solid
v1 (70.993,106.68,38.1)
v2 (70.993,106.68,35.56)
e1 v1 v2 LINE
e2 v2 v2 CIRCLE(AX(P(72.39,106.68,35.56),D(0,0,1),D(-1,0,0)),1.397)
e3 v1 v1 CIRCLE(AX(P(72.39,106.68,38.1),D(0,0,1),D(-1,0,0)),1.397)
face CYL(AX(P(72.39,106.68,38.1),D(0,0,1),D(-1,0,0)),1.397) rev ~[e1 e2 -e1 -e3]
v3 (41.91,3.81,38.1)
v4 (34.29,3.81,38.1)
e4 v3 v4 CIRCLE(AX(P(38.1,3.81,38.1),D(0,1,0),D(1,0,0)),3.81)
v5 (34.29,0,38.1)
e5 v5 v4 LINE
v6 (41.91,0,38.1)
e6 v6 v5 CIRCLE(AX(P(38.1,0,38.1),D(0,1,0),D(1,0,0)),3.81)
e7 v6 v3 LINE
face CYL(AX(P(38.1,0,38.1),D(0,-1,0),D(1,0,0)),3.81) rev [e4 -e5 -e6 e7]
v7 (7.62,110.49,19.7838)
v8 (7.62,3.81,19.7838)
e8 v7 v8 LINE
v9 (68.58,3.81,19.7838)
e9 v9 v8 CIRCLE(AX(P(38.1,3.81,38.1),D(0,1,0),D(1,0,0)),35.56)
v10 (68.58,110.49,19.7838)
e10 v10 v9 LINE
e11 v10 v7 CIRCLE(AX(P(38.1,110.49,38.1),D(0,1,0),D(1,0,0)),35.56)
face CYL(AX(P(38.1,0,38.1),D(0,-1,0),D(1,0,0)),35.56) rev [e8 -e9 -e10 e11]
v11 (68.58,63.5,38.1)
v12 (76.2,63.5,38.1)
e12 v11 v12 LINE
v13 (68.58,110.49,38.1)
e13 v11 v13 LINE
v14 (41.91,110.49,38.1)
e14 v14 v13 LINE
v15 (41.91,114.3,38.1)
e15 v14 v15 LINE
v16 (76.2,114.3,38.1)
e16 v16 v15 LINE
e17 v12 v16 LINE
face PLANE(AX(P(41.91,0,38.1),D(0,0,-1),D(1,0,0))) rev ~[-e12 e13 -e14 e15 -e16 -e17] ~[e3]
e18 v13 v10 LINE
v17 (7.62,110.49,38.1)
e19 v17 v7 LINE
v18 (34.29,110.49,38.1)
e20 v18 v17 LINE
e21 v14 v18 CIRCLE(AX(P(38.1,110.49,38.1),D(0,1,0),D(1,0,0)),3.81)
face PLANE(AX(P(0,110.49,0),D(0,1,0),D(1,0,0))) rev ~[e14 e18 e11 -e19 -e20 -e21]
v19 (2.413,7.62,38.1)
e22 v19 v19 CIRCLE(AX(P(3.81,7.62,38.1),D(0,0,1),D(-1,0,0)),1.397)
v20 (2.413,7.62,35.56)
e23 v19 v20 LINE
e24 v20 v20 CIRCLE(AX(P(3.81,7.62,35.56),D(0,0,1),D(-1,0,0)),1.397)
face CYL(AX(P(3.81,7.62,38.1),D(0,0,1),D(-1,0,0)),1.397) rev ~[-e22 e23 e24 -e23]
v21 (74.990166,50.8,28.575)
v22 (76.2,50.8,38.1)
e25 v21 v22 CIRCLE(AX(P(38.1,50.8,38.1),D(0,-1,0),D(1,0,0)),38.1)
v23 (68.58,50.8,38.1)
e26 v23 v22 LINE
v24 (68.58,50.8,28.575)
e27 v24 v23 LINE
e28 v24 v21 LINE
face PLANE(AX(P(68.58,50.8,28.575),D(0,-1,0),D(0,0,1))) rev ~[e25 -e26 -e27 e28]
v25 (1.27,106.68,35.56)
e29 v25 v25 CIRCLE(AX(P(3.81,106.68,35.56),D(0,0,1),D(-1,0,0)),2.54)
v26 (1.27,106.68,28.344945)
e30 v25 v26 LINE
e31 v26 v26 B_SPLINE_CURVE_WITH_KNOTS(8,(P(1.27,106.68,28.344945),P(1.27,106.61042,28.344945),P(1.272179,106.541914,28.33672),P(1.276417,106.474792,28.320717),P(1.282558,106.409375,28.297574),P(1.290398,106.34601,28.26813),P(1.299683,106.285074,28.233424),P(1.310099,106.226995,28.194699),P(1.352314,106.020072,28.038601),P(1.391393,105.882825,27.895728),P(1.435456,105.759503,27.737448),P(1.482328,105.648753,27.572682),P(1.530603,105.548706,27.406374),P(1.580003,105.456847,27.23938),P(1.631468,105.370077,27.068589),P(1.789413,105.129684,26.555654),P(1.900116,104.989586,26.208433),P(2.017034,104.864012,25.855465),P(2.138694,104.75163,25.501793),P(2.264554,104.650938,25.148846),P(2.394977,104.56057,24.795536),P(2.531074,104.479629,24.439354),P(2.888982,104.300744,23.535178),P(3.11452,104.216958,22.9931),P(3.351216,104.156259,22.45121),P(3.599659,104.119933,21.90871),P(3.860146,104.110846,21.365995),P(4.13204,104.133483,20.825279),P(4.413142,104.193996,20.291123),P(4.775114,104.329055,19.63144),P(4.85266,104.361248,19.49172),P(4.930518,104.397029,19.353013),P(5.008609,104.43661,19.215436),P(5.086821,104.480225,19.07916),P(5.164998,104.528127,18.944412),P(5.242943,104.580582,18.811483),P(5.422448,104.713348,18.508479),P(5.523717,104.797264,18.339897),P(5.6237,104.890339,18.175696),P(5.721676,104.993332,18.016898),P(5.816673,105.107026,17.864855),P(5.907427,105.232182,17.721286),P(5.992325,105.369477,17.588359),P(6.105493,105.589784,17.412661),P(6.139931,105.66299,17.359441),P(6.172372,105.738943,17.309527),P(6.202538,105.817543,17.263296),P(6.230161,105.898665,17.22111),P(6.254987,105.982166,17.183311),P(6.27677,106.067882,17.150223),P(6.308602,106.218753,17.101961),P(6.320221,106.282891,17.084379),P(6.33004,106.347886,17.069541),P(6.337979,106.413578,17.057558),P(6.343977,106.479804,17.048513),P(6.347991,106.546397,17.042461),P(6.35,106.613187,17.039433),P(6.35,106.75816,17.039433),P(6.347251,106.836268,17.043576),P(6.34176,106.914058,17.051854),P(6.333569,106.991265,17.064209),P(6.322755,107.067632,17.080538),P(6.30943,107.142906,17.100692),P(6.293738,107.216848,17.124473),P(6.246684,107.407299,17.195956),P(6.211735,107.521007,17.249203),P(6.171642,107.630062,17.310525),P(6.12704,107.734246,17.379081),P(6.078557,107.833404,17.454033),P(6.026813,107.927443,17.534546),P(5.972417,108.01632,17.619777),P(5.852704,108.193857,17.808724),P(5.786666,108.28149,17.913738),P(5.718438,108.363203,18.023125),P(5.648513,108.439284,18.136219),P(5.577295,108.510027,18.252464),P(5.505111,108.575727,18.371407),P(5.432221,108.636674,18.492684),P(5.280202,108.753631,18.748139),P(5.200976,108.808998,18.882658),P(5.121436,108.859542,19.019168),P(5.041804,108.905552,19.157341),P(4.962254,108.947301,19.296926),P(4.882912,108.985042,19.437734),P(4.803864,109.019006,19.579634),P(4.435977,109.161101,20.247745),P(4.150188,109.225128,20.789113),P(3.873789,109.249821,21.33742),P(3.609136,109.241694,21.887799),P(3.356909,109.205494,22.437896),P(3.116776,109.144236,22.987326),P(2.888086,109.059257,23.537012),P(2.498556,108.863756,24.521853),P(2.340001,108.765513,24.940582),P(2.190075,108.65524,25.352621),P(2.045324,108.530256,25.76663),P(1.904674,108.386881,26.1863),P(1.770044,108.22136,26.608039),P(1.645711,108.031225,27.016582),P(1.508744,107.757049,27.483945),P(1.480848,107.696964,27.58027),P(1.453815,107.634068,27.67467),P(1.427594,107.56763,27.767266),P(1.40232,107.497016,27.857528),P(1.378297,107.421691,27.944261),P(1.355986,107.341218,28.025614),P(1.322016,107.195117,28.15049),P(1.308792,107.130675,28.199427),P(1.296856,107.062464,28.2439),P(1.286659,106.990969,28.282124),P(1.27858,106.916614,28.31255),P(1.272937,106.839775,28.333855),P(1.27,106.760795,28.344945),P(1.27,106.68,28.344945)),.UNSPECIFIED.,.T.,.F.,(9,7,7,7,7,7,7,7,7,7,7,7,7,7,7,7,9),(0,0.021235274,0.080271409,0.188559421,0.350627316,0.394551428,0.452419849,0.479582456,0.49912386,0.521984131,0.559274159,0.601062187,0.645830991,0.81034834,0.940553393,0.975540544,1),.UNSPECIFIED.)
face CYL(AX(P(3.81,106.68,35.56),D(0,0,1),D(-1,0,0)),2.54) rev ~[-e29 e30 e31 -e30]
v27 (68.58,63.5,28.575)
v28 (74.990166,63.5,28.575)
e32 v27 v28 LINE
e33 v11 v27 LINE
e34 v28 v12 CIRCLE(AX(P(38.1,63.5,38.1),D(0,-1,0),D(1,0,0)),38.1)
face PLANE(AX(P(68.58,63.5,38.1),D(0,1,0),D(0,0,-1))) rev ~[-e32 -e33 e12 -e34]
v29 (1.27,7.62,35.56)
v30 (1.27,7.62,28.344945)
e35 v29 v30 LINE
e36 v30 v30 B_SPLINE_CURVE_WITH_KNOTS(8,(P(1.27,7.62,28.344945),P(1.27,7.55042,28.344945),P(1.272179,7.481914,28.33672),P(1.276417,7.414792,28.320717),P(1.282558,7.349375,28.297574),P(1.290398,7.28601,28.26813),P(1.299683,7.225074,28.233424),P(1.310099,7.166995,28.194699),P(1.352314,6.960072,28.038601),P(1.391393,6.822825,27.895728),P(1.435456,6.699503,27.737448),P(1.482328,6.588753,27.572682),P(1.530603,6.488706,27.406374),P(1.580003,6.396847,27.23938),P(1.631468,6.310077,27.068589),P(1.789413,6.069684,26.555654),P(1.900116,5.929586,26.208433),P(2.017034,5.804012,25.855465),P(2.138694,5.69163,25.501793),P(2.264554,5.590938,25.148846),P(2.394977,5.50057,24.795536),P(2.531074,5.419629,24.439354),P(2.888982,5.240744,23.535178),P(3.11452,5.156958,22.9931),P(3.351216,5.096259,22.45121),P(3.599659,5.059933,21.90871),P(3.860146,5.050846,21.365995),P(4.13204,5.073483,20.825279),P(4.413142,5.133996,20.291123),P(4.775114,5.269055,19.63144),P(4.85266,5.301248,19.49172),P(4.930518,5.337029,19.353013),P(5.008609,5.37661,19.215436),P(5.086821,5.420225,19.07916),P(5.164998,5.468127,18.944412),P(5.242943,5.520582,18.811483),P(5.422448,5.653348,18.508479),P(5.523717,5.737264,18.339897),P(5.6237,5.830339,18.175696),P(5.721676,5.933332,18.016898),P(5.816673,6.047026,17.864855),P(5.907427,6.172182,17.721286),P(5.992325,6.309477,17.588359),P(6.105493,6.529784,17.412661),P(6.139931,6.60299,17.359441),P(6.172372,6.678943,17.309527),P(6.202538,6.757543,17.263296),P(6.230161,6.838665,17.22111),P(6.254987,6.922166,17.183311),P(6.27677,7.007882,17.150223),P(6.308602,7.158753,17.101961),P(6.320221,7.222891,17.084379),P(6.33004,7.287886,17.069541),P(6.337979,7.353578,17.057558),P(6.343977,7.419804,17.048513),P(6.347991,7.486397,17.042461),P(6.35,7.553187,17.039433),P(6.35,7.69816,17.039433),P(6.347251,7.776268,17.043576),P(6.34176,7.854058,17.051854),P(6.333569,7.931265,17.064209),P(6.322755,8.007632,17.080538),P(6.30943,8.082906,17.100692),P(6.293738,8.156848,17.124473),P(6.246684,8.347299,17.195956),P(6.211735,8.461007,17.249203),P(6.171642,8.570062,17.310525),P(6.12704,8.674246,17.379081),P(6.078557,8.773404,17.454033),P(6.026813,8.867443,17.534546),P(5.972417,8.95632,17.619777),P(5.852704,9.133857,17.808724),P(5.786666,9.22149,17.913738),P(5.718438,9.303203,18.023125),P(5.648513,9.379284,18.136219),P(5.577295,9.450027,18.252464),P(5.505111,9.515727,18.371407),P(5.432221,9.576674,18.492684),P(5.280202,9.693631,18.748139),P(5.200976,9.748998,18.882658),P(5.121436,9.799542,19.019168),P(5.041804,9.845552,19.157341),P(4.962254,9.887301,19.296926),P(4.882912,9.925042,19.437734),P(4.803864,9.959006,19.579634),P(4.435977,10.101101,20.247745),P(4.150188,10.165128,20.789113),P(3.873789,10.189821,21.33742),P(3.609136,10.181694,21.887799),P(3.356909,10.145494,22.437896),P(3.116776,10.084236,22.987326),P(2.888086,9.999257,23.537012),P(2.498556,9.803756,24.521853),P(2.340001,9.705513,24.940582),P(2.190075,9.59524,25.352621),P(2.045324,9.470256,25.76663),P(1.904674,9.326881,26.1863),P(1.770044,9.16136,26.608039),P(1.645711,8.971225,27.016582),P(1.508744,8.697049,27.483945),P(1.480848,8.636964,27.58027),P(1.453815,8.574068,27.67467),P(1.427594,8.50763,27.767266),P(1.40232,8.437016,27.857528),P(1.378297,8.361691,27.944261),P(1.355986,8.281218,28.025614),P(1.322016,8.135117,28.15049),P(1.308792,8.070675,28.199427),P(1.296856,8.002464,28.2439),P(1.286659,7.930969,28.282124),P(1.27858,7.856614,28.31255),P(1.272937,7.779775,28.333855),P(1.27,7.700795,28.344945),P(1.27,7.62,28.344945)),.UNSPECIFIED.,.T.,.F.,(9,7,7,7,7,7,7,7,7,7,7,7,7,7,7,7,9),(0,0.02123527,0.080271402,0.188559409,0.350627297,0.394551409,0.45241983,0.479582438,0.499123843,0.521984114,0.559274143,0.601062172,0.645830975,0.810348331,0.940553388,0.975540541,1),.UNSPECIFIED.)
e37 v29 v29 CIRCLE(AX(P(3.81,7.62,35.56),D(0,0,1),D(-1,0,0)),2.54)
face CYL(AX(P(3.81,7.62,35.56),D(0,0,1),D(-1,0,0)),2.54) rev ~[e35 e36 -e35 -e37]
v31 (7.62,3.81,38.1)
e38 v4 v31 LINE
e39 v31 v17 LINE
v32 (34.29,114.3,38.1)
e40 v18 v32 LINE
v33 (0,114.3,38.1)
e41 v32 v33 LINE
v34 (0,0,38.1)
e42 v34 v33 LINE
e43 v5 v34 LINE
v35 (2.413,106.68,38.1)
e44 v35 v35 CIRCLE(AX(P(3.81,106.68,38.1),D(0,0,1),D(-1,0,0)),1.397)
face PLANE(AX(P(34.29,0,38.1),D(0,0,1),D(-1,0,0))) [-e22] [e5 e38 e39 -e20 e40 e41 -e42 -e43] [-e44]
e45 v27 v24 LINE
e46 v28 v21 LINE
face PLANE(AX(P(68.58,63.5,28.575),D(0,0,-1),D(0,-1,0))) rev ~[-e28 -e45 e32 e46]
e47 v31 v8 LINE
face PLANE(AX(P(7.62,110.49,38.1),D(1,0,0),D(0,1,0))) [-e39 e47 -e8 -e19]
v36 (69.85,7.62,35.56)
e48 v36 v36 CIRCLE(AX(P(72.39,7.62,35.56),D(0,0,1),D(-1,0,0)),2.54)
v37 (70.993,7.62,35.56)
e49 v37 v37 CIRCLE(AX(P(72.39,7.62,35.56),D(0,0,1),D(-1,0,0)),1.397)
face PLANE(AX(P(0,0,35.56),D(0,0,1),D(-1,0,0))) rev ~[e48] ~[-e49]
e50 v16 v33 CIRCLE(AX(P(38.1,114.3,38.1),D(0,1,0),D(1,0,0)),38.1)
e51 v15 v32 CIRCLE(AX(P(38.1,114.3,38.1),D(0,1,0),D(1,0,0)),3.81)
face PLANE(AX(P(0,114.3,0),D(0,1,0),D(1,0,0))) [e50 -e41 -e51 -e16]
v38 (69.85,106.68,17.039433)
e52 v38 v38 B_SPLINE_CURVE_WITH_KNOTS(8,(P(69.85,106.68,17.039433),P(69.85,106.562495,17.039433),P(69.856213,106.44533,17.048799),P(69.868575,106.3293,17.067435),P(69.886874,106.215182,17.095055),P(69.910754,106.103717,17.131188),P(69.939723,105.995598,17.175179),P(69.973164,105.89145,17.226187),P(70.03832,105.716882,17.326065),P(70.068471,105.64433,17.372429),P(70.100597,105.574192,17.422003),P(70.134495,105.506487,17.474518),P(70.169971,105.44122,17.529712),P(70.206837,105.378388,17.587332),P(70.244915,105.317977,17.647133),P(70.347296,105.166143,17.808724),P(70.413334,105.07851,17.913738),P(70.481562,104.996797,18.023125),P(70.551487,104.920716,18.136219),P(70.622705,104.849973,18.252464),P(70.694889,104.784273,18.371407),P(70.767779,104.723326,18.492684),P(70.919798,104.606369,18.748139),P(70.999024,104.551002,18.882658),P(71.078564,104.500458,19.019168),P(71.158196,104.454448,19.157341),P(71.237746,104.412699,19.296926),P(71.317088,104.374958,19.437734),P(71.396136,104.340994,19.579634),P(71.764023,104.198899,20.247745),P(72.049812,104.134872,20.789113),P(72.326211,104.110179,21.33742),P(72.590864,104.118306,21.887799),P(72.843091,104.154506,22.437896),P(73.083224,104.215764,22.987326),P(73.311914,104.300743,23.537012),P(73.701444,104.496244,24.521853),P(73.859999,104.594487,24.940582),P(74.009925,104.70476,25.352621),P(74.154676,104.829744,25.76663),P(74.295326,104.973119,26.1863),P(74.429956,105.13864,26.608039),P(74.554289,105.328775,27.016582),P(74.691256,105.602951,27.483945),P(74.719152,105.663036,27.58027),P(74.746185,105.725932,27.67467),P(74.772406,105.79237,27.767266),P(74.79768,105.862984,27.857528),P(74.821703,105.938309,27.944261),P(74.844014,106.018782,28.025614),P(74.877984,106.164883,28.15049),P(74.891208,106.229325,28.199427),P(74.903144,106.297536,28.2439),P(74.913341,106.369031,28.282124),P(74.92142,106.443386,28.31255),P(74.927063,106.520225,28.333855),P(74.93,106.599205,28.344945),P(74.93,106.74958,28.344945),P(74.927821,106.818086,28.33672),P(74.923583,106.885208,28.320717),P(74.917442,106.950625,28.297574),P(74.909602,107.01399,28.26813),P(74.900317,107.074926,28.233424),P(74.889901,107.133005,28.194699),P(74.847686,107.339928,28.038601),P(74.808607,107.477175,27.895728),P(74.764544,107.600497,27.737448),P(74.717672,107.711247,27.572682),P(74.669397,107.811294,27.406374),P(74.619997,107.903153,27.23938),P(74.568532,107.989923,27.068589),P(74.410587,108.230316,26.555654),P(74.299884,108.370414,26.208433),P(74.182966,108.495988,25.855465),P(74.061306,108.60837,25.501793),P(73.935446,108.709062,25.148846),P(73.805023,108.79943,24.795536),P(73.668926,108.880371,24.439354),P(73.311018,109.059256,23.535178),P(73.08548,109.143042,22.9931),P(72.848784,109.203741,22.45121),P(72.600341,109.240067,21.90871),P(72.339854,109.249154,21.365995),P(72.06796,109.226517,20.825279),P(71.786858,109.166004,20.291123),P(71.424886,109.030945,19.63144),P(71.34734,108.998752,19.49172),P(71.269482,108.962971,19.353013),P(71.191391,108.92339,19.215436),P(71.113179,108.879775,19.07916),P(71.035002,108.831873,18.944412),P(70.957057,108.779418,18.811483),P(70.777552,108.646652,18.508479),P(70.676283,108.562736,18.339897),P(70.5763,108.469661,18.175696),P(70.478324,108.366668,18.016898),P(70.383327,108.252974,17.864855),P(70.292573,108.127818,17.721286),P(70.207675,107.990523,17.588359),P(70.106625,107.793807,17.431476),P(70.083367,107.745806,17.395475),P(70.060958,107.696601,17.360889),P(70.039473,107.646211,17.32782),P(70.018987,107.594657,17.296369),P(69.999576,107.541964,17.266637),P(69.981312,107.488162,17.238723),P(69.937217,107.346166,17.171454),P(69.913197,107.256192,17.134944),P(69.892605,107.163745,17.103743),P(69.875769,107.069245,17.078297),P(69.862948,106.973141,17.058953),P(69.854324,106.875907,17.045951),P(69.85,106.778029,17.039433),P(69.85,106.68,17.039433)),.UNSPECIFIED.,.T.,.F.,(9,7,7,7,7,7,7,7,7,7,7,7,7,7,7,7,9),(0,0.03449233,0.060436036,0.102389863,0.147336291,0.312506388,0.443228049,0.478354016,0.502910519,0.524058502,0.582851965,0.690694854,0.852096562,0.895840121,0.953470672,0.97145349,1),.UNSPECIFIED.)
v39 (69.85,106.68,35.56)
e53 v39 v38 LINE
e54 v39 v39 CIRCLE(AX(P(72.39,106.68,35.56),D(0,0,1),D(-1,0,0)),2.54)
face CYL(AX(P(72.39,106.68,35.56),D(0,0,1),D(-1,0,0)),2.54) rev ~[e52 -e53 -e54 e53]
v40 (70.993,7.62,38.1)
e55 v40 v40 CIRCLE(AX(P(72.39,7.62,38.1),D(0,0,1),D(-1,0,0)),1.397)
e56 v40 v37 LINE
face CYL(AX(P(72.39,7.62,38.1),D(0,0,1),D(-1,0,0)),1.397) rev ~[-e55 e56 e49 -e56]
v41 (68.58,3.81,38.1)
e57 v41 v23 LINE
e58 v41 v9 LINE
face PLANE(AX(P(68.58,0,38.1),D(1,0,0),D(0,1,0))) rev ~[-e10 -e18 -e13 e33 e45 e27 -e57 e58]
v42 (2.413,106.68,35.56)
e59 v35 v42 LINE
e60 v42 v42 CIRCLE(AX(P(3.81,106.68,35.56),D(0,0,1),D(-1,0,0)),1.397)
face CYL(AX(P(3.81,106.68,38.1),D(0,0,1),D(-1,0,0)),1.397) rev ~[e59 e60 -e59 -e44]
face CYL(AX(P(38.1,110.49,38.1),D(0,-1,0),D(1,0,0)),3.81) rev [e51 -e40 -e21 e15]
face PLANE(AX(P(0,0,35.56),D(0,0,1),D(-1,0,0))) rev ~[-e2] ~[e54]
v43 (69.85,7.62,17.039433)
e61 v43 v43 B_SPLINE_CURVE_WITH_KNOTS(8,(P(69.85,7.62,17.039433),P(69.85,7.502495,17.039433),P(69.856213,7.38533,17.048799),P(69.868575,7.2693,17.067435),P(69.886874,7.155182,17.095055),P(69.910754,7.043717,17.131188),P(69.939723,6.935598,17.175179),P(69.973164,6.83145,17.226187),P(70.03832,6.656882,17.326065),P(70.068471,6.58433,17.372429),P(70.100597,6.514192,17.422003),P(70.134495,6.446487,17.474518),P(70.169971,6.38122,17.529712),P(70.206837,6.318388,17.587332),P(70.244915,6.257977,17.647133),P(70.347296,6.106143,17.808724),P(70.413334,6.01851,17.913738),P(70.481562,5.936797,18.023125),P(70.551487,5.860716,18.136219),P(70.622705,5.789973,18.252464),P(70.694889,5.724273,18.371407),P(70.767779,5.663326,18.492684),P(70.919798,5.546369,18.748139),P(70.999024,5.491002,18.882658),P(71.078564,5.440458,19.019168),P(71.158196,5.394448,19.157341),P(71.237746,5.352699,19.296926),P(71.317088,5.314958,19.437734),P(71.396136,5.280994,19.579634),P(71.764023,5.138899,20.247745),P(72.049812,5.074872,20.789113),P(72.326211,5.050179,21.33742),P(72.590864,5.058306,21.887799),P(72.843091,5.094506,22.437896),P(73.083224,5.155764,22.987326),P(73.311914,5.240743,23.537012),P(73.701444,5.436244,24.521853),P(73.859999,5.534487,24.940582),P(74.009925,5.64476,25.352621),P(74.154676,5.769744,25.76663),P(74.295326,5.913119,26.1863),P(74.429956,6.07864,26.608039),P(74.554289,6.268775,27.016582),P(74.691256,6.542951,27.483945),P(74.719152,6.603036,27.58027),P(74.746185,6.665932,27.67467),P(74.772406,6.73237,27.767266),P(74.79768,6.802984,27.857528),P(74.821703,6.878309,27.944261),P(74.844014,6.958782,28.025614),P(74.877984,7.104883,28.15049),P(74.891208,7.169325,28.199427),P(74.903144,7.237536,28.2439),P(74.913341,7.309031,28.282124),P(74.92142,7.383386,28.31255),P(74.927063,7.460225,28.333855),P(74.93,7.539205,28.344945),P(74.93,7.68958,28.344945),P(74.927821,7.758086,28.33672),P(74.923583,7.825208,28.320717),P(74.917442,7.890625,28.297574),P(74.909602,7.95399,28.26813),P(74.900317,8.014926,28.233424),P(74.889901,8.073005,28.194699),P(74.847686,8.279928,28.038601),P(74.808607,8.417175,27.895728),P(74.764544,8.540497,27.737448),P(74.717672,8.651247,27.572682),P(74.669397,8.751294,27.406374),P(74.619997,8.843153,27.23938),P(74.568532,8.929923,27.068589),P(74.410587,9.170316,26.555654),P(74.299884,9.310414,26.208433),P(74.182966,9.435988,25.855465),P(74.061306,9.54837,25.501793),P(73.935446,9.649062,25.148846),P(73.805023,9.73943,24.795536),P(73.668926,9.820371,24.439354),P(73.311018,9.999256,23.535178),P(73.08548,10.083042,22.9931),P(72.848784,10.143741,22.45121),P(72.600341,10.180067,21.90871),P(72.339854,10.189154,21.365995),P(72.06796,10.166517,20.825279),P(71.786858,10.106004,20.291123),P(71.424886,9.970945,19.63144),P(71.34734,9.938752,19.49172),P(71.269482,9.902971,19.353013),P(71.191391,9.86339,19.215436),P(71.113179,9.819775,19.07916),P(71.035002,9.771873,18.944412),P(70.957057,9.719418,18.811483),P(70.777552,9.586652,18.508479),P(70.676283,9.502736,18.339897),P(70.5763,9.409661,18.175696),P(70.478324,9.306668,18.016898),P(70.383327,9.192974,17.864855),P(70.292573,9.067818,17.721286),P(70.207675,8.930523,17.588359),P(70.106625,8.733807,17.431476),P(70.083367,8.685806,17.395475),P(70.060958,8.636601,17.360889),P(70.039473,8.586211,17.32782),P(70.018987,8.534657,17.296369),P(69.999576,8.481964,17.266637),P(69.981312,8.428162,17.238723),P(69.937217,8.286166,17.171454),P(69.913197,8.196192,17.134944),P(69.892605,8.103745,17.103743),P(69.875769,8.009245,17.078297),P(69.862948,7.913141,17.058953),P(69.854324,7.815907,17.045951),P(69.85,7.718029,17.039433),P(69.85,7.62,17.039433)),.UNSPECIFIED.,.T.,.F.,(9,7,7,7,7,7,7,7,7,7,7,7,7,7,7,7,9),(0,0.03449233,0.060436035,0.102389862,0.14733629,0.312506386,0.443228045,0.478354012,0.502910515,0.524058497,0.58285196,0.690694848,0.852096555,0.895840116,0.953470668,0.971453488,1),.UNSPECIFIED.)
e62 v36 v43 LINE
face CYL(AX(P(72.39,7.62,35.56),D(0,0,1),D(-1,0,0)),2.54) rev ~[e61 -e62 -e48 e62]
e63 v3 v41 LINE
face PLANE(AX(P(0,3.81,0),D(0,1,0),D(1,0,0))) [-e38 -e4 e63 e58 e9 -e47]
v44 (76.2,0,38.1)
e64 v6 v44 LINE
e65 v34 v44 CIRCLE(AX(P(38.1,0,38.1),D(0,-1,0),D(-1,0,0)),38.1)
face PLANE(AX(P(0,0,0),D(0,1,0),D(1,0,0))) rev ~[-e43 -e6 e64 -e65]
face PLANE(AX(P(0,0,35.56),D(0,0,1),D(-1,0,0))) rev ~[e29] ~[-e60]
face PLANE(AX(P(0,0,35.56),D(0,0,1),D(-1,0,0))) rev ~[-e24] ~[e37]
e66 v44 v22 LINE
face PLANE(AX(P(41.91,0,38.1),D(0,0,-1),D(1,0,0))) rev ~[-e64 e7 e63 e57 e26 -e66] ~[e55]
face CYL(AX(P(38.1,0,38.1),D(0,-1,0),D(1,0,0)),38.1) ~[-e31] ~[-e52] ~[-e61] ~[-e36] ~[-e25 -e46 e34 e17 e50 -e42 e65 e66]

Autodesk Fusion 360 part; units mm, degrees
sketch "Sketch1" plane through (0, 0, 0) normal (0, 1, 0) x (1, 0, 0)
  circle A0 centre (38.1, -38.1) radius 38.1
  circle A1 centre (38.1, -38.1) radius 35.56
  circle A2 centre (38.1, -38.1) radius 3.81
  line L0 (38.1, -38.1) -> (0, -38.1)
  line L1 (38.1, -38.1) -> (76.2, -38.1)
  dimension "d1" = 76.2
  dimension "d2" = 71.12
  dimension "d4" = 7.62
extrude "Extrude1" add sketch "Sketch1" along normal blind 3.81 contours A1 A2 L0 L1 picked at (13.2699, -36.1441) makes body 1
extrude "Extrude2" add sketch "Sketch1" along normal blind 3.81 from surface at 110.49 separate body contours A1 A2 L0 L1 picked at (13.2699, -36.1441) makes body 2
extrude "Extrude3" add sketch "Sketch1" along normal blind 114.3 contours A0 A1 L0 L1 picked at (75.2115, -36.2072) bodies 1 2
sketch "Sketch2" plane through (0, 0, 38.1) normal (0, 0, 1) x (-1, 0, 0)
  line L0 (0, 0) -> (-34.29, 0)
  line L1 (-34.29, 0) -> (-34.29, -3.81)
  line L2 (-34.29, -3.81) -> (-2.54, -3.81)
  line L3 (-2.54, -3.81) -> (-2.54, -110.49)
  line L4 (-2.54, -110.49) -> (-34.29, -110.49)
  line L5 (-34.29, -110.49) -> (-34.29, -114.3)
  line L6 (-34.29, -114.3) -> (0, -114.3)
  line L7 (0, -114.3) -> (0, 0)
  line L8 (0, 0) -> (-7.62, 0)
  line L9 (-7.62, 0) -> (-7.62, -114.3)
  line L10 (-7.62, -114.3) -> (0, -114.3)
  line L11 (0, -114.3) -> (0, 0)
  line L12 (-76.2, 0) -> (-68.58, 0)
  line L13 (-68.58, 0) -> (-68.58, -114.3)
  line L14 (-68.58, -114.3) -> (-76.2, -114.3)
  line L15 (-76.2, -114.3) -> (-76.2, 0)
  dimension "d12" = 7.62
  dimension "d13" = 7.62
extrude "Extrude4" add sketch "Sketch2" against normal blind 27.94 contours L0 L2 L3 L4 L6 L7 L8 L9 L10 L11 | L2 L3 L4 L9 | L12 L13 L14 L15 bodies 1
extrude "Extrude5" cut sketch "Sketch1" along normal blind 121.92 contours A0 A1 L0 L1 | A1 A2 L0 L1 picked at (75.2115, -36.2072) picked at (13.2699, -36.1441) keep common part bodies 1
sketch "Sketch3" plane through (0, 0, 38.1) normal (0, 0, 1) x (-1, 0, 0)
  line L0 (0, 0) -> (-34.29, 0)
  line L1 (-34.29, 0) -> (-34.29, -3.81)
  line L2 (-34.29, -3.81) -> (-7.62, -3.81)
  line L3 (-7.62, -3.81) -> (-7.62, -110.49)
  line L4 (-7.62, -110.49) -> (-34.29, -110.49)
  line L5 (-34.29, -110.49) -> (-34.29, -114.3)
  line L6 (-34.29, -114.3) -> (0, -114.3)
  line L7 (0, -114.3) -> (0, 0)
  circle A0 centre (-3.81, -7.62) radius 2.54
  circle A1 centre (-3.81, -7.62) radius 1.397
  circle A2 centre (-72.39, -7.62) radius 1.397
  circle A3 centre (-72.39, -7.62) radius 2.54
  circle A4 centre (-3.81, -106.68) radius 1.397
  circle A5 centre (-3.81, -106.68) radius 2.54
  circle A6 centre (-72.39, -106.68) radius 1.397
  circle A7 centre (-72.39, -106.68) radius 2.54
  dimension "d18" = 5.08
  dimension "d19" = 7.62
  dimension "d20" = 2.794
  dimension "d23" = -68.58
  dimension "d24" = -99.06
extrude "Extrude6" cut sketch "Sketch3" against normal blind 43.18 contours A1 | A2 | A4 | A6 bodies 1
extrude "Extrude7" cut sketch "Sketch3" against normal blind 25.4 from surface at -2.54 contours A0 | A3 | A5 | A7 bodies 1
sketch "Sketch4" plane through (68.58, 0, 0) normal (-1, 0, 0) x (0, -1, 0)
  line L0 (-3.81, 19.7838) -> (-3.81, 38.1)
  line L1 (-3.81, 38.1) -> (-110.49, 38.1)
  line L2 (-110.49, 38.1) -> (-110.49, 19.7838)
  line L3 (-110.49, 19.7838) -> (-3.81, 19.7838)
  line L4 (-50.8, 38.1) -> (-63.5, 38.1)
  line L5 (-63.5, 38.1) -> (-63.5, 28.575)
  line L6 (-63.5, 28.575) -> (-50.8, 28.575)
  line L7 (-50.8, 28.575) -> (-50.8, 38.1)
  line L8 (0, 38.1) -> (0, 0)
  dimension "d30" = 12.7
  dimension "d31" = 50.8
  dimension "d32" = 9.525
extrude "Extrude8" cut sketch "Sketch4" against normal blind 7.62 contours L1 L4 L5 L6 L7 bodies 1
